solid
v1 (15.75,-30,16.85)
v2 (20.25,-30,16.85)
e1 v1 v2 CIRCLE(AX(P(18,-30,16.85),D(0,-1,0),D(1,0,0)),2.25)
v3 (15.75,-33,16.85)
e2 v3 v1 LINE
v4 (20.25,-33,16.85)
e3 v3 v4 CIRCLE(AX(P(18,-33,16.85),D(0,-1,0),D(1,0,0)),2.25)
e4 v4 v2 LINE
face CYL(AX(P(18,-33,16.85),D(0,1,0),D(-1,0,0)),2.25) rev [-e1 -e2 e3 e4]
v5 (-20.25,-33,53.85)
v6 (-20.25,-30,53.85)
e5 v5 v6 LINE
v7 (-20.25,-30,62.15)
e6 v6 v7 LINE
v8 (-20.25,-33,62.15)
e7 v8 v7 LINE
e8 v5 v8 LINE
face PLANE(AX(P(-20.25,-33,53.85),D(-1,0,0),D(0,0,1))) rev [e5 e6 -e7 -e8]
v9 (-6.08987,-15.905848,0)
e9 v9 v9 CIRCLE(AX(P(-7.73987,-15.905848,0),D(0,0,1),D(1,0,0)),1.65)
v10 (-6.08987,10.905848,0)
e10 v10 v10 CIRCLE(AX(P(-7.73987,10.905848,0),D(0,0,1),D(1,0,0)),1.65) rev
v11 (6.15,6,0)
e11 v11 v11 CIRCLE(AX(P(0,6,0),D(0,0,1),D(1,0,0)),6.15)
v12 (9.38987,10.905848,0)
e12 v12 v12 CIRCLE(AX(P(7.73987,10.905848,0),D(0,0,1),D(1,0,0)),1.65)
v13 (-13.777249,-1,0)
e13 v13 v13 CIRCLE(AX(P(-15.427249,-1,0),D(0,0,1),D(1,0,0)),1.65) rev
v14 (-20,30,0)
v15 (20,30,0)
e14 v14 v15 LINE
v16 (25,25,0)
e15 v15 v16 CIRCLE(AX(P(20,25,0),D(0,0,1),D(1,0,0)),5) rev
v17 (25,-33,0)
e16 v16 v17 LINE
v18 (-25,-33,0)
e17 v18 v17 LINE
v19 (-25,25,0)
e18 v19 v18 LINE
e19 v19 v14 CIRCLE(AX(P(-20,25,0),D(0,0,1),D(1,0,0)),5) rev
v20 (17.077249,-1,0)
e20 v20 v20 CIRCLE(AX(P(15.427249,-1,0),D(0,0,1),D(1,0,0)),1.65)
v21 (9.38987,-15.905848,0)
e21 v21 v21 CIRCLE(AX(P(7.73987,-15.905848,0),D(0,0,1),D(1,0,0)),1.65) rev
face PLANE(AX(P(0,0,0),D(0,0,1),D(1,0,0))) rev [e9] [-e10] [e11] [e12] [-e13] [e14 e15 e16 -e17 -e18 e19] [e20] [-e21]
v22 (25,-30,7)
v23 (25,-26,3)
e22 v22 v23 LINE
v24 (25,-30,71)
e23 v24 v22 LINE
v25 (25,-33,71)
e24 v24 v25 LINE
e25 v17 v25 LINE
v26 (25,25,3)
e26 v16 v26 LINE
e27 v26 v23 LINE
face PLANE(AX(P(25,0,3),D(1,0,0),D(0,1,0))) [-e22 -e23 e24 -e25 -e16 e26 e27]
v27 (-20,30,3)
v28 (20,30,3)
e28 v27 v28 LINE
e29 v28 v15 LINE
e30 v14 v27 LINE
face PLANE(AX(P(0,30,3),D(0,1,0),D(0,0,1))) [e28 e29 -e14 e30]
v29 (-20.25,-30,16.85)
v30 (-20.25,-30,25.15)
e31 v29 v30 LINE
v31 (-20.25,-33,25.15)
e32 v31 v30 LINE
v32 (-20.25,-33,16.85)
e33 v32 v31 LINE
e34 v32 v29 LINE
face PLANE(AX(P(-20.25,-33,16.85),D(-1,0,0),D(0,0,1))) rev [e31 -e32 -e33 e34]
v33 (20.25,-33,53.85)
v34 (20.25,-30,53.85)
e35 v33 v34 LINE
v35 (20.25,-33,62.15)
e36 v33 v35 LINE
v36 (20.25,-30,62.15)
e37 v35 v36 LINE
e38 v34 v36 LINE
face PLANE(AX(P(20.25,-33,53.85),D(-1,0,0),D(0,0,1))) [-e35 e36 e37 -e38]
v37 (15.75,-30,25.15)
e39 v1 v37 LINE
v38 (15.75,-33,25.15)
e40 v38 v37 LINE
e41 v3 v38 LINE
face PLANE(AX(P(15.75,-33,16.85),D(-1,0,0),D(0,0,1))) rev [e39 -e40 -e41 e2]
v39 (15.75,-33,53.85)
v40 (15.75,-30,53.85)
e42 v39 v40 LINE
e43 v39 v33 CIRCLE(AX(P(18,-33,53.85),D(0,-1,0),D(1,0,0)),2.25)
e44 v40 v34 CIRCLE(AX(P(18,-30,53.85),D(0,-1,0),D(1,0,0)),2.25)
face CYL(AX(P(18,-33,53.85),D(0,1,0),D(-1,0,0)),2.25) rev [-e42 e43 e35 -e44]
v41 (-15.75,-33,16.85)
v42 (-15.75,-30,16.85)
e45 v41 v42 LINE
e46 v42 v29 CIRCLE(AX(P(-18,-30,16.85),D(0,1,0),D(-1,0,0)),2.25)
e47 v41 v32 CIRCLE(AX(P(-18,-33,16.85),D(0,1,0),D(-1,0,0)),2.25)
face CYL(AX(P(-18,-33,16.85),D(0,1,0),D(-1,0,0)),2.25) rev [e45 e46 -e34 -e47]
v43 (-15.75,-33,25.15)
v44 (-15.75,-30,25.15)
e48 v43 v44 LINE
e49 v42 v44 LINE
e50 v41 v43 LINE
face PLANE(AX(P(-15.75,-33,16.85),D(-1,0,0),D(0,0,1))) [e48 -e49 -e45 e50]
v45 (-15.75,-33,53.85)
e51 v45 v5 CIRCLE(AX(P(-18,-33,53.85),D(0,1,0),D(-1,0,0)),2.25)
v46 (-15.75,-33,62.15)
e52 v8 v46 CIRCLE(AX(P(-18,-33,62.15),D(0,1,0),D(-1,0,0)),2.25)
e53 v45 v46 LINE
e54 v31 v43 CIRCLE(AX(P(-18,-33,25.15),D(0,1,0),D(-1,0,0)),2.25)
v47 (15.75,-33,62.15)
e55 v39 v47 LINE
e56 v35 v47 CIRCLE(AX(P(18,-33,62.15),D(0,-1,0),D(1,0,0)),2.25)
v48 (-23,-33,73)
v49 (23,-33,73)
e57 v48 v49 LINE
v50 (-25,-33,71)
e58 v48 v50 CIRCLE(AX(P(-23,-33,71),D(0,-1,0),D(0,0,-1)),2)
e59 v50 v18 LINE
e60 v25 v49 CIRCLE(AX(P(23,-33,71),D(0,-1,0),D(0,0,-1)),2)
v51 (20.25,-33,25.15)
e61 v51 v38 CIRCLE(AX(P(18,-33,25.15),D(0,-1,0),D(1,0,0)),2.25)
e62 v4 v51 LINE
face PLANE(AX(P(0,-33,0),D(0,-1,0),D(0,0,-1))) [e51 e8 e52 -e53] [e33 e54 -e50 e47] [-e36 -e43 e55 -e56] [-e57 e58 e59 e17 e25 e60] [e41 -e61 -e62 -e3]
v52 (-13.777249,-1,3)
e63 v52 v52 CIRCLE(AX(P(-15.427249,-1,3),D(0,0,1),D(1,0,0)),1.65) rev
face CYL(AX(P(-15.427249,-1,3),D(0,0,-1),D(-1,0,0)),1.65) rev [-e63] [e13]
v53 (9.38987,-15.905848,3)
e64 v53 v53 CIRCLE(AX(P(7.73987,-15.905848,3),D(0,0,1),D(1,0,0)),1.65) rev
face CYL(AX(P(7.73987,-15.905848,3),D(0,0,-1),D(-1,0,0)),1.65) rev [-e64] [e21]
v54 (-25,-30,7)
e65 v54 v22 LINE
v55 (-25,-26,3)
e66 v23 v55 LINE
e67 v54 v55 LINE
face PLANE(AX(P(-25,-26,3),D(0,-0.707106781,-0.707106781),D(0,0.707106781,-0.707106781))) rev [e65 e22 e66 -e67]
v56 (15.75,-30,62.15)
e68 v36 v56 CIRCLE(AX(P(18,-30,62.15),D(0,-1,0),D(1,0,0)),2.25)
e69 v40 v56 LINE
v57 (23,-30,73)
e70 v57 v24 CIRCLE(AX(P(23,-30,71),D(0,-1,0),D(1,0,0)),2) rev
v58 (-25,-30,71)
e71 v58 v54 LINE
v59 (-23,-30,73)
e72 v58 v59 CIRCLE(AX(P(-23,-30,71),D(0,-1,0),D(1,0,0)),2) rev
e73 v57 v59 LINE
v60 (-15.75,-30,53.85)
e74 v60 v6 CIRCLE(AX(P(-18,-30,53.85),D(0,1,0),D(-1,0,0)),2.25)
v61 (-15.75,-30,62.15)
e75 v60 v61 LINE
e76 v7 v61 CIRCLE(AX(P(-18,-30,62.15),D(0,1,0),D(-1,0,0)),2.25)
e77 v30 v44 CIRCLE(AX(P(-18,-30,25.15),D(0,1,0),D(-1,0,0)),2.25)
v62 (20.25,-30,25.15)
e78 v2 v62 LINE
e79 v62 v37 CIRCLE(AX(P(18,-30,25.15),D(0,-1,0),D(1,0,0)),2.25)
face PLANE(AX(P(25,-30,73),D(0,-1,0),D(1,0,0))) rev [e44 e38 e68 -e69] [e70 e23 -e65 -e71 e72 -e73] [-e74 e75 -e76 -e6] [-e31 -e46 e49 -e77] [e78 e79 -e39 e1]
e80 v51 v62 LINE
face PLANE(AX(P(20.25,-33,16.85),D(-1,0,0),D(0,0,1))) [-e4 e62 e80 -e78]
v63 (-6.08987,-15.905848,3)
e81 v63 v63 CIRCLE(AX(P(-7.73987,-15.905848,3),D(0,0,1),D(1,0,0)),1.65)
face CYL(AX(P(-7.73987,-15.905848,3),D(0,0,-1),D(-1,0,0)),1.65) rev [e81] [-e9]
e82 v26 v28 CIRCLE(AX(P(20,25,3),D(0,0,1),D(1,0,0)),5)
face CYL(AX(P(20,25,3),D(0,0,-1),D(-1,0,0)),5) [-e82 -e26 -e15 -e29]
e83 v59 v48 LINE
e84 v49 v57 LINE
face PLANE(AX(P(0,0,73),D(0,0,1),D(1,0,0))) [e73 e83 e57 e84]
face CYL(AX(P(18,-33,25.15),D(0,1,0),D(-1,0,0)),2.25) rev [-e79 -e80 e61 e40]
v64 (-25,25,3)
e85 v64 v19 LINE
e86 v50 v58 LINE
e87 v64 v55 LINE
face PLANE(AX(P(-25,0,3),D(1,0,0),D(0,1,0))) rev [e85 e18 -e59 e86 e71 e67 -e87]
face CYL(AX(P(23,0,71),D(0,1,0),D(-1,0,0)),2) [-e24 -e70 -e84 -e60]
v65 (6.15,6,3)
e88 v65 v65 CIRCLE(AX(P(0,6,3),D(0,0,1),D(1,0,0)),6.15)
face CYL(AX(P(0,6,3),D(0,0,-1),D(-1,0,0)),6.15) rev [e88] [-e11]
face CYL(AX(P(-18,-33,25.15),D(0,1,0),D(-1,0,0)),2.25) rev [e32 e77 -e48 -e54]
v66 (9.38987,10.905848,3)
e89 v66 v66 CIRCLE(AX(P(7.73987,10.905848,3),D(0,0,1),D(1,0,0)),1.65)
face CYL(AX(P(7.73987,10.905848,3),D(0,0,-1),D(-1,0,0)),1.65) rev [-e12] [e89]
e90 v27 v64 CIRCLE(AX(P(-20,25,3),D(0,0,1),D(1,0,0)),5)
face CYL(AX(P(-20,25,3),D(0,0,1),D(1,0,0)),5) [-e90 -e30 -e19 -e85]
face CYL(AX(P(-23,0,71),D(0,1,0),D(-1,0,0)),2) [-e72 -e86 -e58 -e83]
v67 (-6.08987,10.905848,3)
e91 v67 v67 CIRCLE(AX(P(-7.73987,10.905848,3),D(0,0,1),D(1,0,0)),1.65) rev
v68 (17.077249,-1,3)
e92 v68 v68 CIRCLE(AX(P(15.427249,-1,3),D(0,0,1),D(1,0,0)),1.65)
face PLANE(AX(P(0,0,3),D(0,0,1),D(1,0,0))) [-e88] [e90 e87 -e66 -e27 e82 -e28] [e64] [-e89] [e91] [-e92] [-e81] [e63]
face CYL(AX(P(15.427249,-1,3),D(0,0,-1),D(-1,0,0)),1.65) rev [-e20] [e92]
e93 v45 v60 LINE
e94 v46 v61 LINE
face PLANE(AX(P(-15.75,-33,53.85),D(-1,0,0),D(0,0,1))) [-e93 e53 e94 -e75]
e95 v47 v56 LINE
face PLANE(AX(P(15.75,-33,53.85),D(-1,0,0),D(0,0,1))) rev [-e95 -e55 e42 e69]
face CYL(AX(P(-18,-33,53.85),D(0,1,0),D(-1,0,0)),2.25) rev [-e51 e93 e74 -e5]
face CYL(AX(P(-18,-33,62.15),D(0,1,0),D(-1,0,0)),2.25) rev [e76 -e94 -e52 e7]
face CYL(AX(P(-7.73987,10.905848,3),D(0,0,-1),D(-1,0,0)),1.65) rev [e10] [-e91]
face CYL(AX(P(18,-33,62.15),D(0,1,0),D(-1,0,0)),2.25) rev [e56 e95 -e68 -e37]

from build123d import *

# Parameters (mm, degrees)
EXTRUDE_2_DEPTH     = 3
SKETCH_2_W          = 50
SKETCH_2_H          = 3
EXTRUDE_3_DEPTH     = 3
SKETCH_3_W          = 50
SKETCH_3_H          = 3
EXTRUDE_5_DEPTH     = 70
CUT_EXTRUDE_1_DEPTH = 98.744565066
FILLET_1_R          = 5
FILLET_2_R          = 2
SKETCH_5_W          = 4
SKETCH_5_H          = 4
EXTRUDE_6_DEPTH     = 4
SKETCH_6_W          = 4
SKETCH_6_H          = 4
EXTRUDE_7_DEPTH     = 46
CUT_EXTRUDE_2_DEPTH = 95.435162943


with BuildPart() as part:
    # 草图1 → 凸台-拉伸2 (new body)
    with BuildSketch(Plane.XY):
        with BuildLine():
            Line((25, 6), (25, 30))
            Line((25, 30), (-25, 30))
            Line((-25, 30), (-25, 6))
            Line((-25, 6), (-16.431676725, 6))
            ThreePointArc((-16.431676725, 6), (0, 16), (16.431676725, 6))
            Line((16.431676725, 6), (25, 6))
        make_face()
        with BuildLine():
            Line((25, -30), (25, -1))
            Line((25, -1), (18.439088915, -1))
            ThreePointArc((18.439088915, -1), (18.484765956, -1.749381895), (18.5, -2.5))
            ThreePointArc((18.5, -2.5), (-4.374013065, -20.475483574), (-16.431676725, 6))
            Line((-16.431676725, 6), (-25, 6))
            Line((-25, 6), (-25, -30))
            Line((-25, -30), (25, -30))
        make_face()
        with BuildLine():
            Line((25, -1), (25, 6))
            Line((25, 6), (16.431676725, 6))
            ThreePointArc((16.431676725, 6), (17.783210455, 2.599747633), (18.439088915, -1))
            Line((18.439088915, -1), (25, -1))
        make_face()
        with BuildLine():
            ThreePointArc((18.5, -2.5), (18.484765956, -1.749381895), (18.439088915, -1))
            Line((18.439088915, -1), (17.077248621, -1))
            ThreePointArc((17.077248621, -1), (16.619172939, -2.1409717), (15.499289324, -2.648426564))
            ThreePointArc((15.499289324, -2.648426564), (13.783292906, -9.590192993), (9.133777755, -15.022943101))
            ThreePointArc((9.133777755, -15.022943101), (9.324554056, -15.446200161), (9.389869855, -15.905847832))
            ThreePointArc((9.389869855, -15.905847832), (8.134145395, -17.508048443), (6.278297978, -16.671555119))
            ThreePointArc((6.278297978, -16.671555119), (0, -18), (-6.278297978, -16.671555119))
            ThreePointArc((-6.278297978, -16.671555119), (-8.564869855, -17.334789748), (-9.133777755, -15.022943101))
            ThreePointArc((-9.133777755, -15.022943101), (-13.783292906, -9.590192993), (-15.499289324, -2.648426564))
            ThreePointArc((-15.499289324, -2.648426564), (-17.069504119, -0.840322581), (-15.18038717, 0.631428645))
            ThreePointArc((-15.18038717, 0.631428645), (-14.324684332, 3.420592774), (-12.961481397, 6))
            Line((-12.961481397, 6), (-16.431676725, 6))
            ThreePointArc((-16.431676725, 6), (-4.374013065, -20.475483574), (18.5, -2.5))
        make_face()
        with BuildLine():
            Line((12.961481397, 6), (16.431676725, 6))
            ThreePointArc((16.431676725, 6), (0, 16), (-16.431676725, 6))
            Line((-16.431676725, 6), (-12.961481397, 6))
            ThreePointArc((-12.961481397, 6), (-11.229253628, 8.184281115), (-9.133777755, 10.022943101))
            ThreePointArc((-9.133777755, 10.022943101), (-8.564869855, 12.334789748), (-6.278297978, 11.671555119))
            ThreePointArc((-6.278297978, 11.671555119), (0, 13), (6.278297978, 11.671555119))
            ThreePointArc((6.278297978, 11.671555119), (8.134145395, 12.508048443), (9.389869855, 10.905847832))
            ThreePointArc((9.389869855, 10.905847832), (9.324554056, 10.446200161), (9.133777755, 10.022943101))
            ThreePointArc((9.133777755, 10.022943101), (11.229253628, 8.184281115), (12.961481397, 6))
        make_face()
        with BuildLine():
            ThreePointArc((15.18038717, 0.631428645), (14.324684332, 3.420592774), (12.961481397, 6))
            Line((12.961481397, 6), (6.15, 6))
            ThreePointArc((6.15, 6), (0, -0.15), (-6.15, 6))
            Line((-6.15, 6), (-12.961481397, 6))
            ThreePointArc((-12.961481397, 6), (-14.324684332, 3.420592774), (-15.18038717, 0.631428645))
            ThreePointArc((-15.18038717, 0.631428645), (-14.176284714, 0.075913242), (-13.777248621, -1))
            ThreePointArc((-13.777248621, -1), (-14.286276921, -2.191924318), (-15.499289324, -2.648426564))
            ThreePointArc((-15.499289324, -2.648426564), (-13.783292906, -9.590192993), (-9.133777755, -15.022943101))
            ThreePointArc((-9.133777755, -15.022943101), (-7.280222183, -14.321163631), (-6.089869855, -15.905847832))
            ThreePointArc((-6.089869855, -15.905847832), (-6.137669243, -16.300123373), (-6.278297978, -16.671555119))
            ThreePointArc((-6.278297978, -16.671555119), (0, -18), (6.278297978, -16.671555119))
            ThreePointArc((6.278297978, -16.671555119), (6.914869855, -14.476905916), (9.133777755, -15.022943101))
            ThreePointArc((9.133777755, -15.022943101), (13.783292906, -9.590192993), (15.499289324, -2.648426564))
            ThreePointArc((15.499289324, -2.648426564), (13.784993122, -1.159677419), (15.18038717, 0.631428645))
        make_face()
        with BuildLine():
            Line((6.15, 6), (12.961481397, 6))
            ThreePointArc((12.961481397, 6), (11.229253628, 8.184281115), (9.133777755, 10.022943101))
            ThreePointArc((9.133777755, 10.022943101), (6.914869855, 9.476905916), (6.278297978, 11.671555119))
            ThreePointArc((6.278297978, 11.671555119), (0, 13), (-6.278297978, 11.671555119))
            ThreePointArc((-6.278297978, 11.671555119), (-6.137669243, 11.300123373), (-6.089869855, 10.905847832))
            ThreePointArc((-6.089869855, 10.905847832), (-7.280222183, 9.321163631), (-9.133777755, 10.022943101))
            ThreePointArc((-9.133777755, 10.022943101), (-11.229253628, 8.184281115), (-12.961481397, 6))
            Line((-12.961481397, 6), (-6.15, 6))
            ThreePointArc((-6.15, 6), (0, 12.15), (6.15, 6))
        make_face()
        with BuildLine():
            ThreePointArc((18.439088915, -1), (17.783210455, 2.599747633), (16.431676725, 6))
            Line((16.431676725, 6), (12.961481397, 6))
            ThreePointArc((12.961481397, 6), (14.324684332, 3.420592774), (15.18038717, 0.631428645))
            ThreePointArc((15.18038717, 0.631428645), (16.503161862, 0.250963907), (17.077248621, -1))
            Line((17.077248621, -1), (18.439088915, -1))
        make_face()
    extrude(amount=EXTRUDE_2_DEPTH)

    # 草图2 → 凸台-拉伸3 (add)
    with BuildSketch(Plane.XZ.offset(30)):
        with Locations((0, 1.5)):
            Rectangle(SKETCH_2_W, SKETCH_2_H)
    extrude(amount=EXTRUDE_3_DEPTH)

    # 草图3 → 凸台-拉伸5 (add)
    with BuildSketch(Plane.XY.offset(3)):
        with Locations((0, -31.5)):
            Rectangle(SKETCH_3_W, SKETCH_3_H)
    extrude(amount=EXTRUDE_5_DEPTH)

    # 草图4 → 切除-拉伸1 (cut, through all)
    with BuildSketch(Plane(origin=(0, -30, 0), x_dir=(1, 0, 0), z_dir=(0, 1, 0))):
        with BuildLine():
            Line((-15.75, -53.85), (-15.75, -62.15))
            ThreePointArc((-15.75, -62.15), (-18, -64.4), (-20.25, -62.15))
            Line((-20.25, -62.15), (-20.25, -53.85))
            ThreePointArc((-20.25, -53.85), (-18, -51.6), (-15.75, -53.85))
        make_face()
        with BuildLine():
            Line((15.75, -53.85), (15.75, -62.15))
            ThreePointArc((15.75, -62.15), (18, -64.4), (20.25, -62.15))
            Line((20.25, -62.15), (20.25, -53.85))
            ThreePointArc((20.25, -53.85), (18, -51.6), (15.75, -53.85))
        make_face()
        with BuildLine():
            Line((-15.75, -16.85), (-15.75, -25.15))
            ThreePointArc((-15.75, -25.15), (-18, -27.4), (-20.25, -25.15))
            Line((-20.25, -25.15), (-20.25, -16.85))
            ThreePointArc((-20.25, -16.85), (-18, -14.6), (-15.75, -16.85))
        make_face()
        with BuildLine():
            Line((15.75, -16.85), (15.75, -25.15))
            ThreePointArc((15.75, -25.15), (18, -27.4), (20.25, -25.15))
            Line((20.25, -25.15), (20.25, -16.85))
            ThreePointArc((20.25, -16.85), (18, -14.6), (15.75, -16.85))
        make_face()
    extrude(amount=-CUT_EXTRUDE_1_DEPTH, mode=Mode.SUBTRACT)

    # 圆角1
    fillet_1_edges = [part.edges().sort_by_distance(p)[0] for p in [
        (-25, 30, 1.5),
        (25, 30, 1.5),
    ]]
    fillet(fillet_1_edges, radius=FILLET_1_R)

    # 圆角2
    fillet_2_edges = [part.edges().sort_by_distance(p)[0] for p in [
        (25, -31.5, 73),
        (-25, -31.5, 73),
    ]]
    fillet(fillet_2_edges, radius=FILLET_2_R)

    # 草图5 → 凸台-拉伸6 (add)
    with BuildSketch(Plane(origin=(0, -30, 0), x_dir=(1, 0, 0), z_dir=(0, 1, 0))):
        with Locations((23, -5)):
            Rectangle(SKETCH_5_W, SKETCH_5_H)
    extrude(amount=EXTRUDE_6_DEPTH)

    # 草图6 → 凸台-拉伸7 (add)
    with BuildSketch(Plane.ZY.offset(-21)):
        with Locations((5, -28)):
            Rectangle(SKETCH_6_W, SKETCH_6_H)
    extrude(amount=EXTRUDE_7_DEPTH)

    # 草图7 → 切除-拉伸2 (cut, through all)
    with BuildSketch(Plane(origin=(25, 0, 0), x_dir=(0, 0, -1), z_dir=(1, 0, 0))):
        Polygon((-7, -30), (-7, -26), (-3, -26), align=None)
    extrude(amount=-CUT_EXTRUDE_2_DEPTH, mode=Mode.SUBTRACT)


solid = part.part
